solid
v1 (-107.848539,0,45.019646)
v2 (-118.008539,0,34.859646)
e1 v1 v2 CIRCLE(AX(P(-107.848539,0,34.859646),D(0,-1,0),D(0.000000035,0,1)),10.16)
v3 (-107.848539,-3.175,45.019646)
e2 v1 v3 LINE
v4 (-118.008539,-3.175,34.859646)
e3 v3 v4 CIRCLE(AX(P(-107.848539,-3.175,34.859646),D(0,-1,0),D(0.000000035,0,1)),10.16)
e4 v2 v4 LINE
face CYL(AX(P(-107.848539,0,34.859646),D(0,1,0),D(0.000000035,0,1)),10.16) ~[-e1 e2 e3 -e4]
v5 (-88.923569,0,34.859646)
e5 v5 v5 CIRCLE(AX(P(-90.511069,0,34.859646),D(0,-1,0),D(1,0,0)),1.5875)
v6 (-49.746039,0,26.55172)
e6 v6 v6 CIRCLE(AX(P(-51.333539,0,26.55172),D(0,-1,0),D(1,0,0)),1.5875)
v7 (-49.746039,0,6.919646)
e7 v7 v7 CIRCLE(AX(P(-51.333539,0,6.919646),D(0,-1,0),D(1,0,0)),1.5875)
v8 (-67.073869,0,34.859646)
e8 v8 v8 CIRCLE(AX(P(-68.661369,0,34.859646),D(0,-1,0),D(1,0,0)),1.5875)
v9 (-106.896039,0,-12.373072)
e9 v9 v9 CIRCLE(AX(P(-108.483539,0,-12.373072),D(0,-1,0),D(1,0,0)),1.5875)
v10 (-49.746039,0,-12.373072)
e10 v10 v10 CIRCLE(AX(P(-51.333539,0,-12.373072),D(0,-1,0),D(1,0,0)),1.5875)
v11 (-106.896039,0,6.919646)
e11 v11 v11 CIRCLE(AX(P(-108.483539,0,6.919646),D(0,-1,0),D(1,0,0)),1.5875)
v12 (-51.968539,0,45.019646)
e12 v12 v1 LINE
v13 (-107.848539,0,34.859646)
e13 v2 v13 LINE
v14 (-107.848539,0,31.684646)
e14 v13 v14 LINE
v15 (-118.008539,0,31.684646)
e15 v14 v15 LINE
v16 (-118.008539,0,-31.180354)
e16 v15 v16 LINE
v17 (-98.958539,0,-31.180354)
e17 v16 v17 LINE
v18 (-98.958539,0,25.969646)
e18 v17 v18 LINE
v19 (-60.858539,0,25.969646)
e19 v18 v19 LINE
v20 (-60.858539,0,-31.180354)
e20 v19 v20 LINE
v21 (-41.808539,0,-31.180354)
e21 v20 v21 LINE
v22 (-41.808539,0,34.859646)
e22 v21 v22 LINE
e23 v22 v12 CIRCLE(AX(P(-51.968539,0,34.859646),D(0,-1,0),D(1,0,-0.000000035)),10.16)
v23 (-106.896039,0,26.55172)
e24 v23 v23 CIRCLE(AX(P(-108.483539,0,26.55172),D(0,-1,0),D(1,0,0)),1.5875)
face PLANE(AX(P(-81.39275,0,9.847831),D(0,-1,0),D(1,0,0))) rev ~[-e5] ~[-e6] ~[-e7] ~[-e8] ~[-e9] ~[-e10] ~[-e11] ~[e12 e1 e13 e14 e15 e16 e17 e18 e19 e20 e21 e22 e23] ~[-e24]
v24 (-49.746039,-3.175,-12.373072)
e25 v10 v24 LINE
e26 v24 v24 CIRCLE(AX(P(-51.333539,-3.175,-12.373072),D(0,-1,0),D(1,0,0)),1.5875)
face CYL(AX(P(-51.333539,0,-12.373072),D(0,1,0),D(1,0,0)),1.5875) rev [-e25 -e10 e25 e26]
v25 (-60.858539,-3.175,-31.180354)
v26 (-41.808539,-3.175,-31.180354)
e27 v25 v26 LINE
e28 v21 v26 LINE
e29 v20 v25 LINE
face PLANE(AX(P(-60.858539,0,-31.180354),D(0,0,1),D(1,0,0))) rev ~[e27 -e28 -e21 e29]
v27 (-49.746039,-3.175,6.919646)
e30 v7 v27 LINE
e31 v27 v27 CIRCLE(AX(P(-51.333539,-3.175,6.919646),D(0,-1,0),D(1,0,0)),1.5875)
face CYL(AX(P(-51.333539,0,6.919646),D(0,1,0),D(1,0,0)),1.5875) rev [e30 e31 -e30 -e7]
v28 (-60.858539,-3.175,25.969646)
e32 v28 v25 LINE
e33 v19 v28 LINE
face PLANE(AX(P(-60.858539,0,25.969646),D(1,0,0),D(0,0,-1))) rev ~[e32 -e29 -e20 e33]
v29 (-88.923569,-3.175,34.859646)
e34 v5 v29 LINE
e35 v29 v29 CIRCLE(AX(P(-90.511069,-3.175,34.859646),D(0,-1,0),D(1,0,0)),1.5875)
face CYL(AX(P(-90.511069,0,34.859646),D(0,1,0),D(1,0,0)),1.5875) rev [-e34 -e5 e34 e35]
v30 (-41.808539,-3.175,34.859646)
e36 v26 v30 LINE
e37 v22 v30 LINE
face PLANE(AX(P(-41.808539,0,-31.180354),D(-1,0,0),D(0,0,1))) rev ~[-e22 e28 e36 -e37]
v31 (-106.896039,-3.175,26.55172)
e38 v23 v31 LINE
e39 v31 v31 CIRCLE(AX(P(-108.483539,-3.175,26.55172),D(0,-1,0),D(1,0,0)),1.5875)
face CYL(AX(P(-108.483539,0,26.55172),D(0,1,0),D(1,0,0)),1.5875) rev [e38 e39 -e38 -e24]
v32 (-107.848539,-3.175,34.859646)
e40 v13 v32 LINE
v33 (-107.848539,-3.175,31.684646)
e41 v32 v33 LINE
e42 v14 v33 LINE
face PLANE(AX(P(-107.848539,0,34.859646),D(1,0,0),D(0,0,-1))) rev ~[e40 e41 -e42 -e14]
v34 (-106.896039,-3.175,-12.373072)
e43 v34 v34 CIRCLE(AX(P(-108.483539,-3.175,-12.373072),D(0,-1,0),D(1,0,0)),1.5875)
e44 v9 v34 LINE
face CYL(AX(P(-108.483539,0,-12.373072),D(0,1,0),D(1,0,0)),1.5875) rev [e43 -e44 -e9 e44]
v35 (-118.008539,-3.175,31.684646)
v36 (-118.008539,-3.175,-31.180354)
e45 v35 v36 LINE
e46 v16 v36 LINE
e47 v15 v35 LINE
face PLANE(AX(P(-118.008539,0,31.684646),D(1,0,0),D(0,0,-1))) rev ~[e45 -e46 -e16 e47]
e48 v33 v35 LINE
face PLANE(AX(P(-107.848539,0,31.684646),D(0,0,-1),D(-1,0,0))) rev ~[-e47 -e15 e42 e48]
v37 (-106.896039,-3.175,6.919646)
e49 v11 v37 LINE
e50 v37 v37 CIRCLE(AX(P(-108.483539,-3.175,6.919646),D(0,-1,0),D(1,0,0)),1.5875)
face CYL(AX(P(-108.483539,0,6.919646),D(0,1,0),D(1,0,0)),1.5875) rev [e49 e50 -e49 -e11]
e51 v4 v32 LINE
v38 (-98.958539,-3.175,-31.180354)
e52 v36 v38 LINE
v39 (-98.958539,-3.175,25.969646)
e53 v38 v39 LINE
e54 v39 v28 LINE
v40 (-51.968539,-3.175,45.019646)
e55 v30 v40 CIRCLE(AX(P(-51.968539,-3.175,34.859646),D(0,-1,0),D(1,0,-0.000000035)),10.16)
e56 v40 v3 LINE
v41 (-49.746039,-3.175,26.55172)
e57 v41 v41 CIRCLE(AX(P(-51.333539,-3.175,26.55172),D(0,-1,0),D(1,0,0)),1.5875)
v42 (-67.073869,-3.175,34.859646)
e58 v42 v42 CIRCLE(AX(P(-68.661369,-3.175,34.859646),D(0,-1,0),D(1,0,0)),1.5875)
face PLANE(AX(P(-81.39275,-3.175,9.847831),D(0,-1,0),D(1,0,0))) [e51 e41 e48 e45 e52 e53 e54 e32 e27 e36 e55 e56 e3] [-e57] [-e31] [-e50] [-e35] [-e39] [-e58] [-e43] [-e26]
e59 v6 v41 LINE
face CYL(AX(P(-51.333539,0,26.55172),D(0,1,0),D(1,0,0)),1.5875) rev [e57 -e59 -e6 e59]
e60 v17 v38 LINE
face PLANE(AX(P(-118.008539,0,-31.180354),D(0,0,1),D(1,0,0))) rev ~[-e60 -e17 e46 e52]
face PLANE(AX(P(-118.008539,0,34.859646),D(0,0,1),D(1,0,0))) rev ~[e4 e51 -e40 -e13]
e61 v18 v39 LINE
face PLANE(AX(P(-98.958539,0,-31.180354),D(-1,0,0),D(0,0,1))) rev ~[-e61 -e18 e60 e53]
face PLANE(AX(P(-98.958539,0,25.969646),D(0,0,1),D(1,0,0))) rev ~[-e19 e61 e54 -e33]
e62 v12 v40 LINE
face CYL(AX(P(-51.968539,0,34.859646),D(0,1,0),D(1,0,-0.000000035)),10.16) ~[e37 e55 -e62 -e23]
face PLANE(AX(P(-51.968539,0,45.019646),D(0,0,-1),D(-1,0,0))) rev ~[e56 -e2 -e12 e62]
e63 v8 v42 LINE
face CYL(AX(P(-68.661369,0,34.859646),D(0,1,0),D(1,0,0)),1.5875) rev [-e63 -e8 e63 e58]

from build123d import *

# Parameters (mm, degrees)
F0_R     = 1.5875
F1_DEPTH = 3.175


with BuildPart() as f1:
    # F0 (on Front) → F1 (new body)
    with BuildSketch(Plane.XZ):
        with BuildLine():
            Line((-60.858539, 25.969646), (-60.858539, -31.180354))
            Line((-60.858539, -31.180354), (-41.808539, -31.180354))
            Line((-41.808539, -31.180354), (-41.808539, 34.859646))
            ThreePointArc((-41.808539, 34.859646), (-44.784334, 42.043851), (-51.968539, 45.019646))
            Line((-51.968539, 45.019646), (-60.858539, 45.019646))
            Line((-60.858539, 45.019646), (-107.848539, 45.019646))
            ThreePointArc((-107.848539, 45.019646), (-115.032744, 42.043851), (-118.008539, 34.859646))
            Line((-118.008539, 34.859646), (-107.848539, 34.859646))
            Line((-107.848539, 34.859646), (-107.848539, 31.684646))
            Line((-107.848539, 31.684646), (-118.008539, 31.684646))
            Line((-118.008539, 31.684646), (-118.008539, 25.969646))
            Line((-118.008539, 25.969646), (-118.008539, -31.180354))
            Line((-118.008539, -31.180354), (-98.958539, -31.180354))
            Line((-98.958539, -31.180354), (-98.958539, 25.969646))
            Line((-98.958539, 25.969646), (-60.858539, 25.969646))
        make_face()
        with Locations((-108.483539, -12.373072)):
            Circle(F0_R, mode=Mode.SUBTRACT)
        with Locations((-108.483539, 6.919646)):
            Circle(F0_R, mode=Mode.SUBTRACT)
        with Locations((-51.333539, -12.373072)):
            Circle(F0_R, mode=Mode.SUBTRACT)
        with Locations((-108.483539, 26.55172)):
            Circle(F0_R, mode=Mode.SUBTRACT)
        with Locations((-90.511069, 34.859646)):
            Circle(F0_R, mode=Mode.SUBTRACT)
        with Locations((-51.333539, 6.919646)):
            Circle(F0_R, mode=Mode.SUBTRACT)
        with Locations((-68.661369, 34.859646)):
            Circle(F0_R, mode=Mode.SUBTRACT)
        with Locations((-51.333539, 26.55172)):
            Circle(F0_R, mode=Mode.SUBTRACT)
    extrude(amount=F1_DEPTH)


solid = f1.part
